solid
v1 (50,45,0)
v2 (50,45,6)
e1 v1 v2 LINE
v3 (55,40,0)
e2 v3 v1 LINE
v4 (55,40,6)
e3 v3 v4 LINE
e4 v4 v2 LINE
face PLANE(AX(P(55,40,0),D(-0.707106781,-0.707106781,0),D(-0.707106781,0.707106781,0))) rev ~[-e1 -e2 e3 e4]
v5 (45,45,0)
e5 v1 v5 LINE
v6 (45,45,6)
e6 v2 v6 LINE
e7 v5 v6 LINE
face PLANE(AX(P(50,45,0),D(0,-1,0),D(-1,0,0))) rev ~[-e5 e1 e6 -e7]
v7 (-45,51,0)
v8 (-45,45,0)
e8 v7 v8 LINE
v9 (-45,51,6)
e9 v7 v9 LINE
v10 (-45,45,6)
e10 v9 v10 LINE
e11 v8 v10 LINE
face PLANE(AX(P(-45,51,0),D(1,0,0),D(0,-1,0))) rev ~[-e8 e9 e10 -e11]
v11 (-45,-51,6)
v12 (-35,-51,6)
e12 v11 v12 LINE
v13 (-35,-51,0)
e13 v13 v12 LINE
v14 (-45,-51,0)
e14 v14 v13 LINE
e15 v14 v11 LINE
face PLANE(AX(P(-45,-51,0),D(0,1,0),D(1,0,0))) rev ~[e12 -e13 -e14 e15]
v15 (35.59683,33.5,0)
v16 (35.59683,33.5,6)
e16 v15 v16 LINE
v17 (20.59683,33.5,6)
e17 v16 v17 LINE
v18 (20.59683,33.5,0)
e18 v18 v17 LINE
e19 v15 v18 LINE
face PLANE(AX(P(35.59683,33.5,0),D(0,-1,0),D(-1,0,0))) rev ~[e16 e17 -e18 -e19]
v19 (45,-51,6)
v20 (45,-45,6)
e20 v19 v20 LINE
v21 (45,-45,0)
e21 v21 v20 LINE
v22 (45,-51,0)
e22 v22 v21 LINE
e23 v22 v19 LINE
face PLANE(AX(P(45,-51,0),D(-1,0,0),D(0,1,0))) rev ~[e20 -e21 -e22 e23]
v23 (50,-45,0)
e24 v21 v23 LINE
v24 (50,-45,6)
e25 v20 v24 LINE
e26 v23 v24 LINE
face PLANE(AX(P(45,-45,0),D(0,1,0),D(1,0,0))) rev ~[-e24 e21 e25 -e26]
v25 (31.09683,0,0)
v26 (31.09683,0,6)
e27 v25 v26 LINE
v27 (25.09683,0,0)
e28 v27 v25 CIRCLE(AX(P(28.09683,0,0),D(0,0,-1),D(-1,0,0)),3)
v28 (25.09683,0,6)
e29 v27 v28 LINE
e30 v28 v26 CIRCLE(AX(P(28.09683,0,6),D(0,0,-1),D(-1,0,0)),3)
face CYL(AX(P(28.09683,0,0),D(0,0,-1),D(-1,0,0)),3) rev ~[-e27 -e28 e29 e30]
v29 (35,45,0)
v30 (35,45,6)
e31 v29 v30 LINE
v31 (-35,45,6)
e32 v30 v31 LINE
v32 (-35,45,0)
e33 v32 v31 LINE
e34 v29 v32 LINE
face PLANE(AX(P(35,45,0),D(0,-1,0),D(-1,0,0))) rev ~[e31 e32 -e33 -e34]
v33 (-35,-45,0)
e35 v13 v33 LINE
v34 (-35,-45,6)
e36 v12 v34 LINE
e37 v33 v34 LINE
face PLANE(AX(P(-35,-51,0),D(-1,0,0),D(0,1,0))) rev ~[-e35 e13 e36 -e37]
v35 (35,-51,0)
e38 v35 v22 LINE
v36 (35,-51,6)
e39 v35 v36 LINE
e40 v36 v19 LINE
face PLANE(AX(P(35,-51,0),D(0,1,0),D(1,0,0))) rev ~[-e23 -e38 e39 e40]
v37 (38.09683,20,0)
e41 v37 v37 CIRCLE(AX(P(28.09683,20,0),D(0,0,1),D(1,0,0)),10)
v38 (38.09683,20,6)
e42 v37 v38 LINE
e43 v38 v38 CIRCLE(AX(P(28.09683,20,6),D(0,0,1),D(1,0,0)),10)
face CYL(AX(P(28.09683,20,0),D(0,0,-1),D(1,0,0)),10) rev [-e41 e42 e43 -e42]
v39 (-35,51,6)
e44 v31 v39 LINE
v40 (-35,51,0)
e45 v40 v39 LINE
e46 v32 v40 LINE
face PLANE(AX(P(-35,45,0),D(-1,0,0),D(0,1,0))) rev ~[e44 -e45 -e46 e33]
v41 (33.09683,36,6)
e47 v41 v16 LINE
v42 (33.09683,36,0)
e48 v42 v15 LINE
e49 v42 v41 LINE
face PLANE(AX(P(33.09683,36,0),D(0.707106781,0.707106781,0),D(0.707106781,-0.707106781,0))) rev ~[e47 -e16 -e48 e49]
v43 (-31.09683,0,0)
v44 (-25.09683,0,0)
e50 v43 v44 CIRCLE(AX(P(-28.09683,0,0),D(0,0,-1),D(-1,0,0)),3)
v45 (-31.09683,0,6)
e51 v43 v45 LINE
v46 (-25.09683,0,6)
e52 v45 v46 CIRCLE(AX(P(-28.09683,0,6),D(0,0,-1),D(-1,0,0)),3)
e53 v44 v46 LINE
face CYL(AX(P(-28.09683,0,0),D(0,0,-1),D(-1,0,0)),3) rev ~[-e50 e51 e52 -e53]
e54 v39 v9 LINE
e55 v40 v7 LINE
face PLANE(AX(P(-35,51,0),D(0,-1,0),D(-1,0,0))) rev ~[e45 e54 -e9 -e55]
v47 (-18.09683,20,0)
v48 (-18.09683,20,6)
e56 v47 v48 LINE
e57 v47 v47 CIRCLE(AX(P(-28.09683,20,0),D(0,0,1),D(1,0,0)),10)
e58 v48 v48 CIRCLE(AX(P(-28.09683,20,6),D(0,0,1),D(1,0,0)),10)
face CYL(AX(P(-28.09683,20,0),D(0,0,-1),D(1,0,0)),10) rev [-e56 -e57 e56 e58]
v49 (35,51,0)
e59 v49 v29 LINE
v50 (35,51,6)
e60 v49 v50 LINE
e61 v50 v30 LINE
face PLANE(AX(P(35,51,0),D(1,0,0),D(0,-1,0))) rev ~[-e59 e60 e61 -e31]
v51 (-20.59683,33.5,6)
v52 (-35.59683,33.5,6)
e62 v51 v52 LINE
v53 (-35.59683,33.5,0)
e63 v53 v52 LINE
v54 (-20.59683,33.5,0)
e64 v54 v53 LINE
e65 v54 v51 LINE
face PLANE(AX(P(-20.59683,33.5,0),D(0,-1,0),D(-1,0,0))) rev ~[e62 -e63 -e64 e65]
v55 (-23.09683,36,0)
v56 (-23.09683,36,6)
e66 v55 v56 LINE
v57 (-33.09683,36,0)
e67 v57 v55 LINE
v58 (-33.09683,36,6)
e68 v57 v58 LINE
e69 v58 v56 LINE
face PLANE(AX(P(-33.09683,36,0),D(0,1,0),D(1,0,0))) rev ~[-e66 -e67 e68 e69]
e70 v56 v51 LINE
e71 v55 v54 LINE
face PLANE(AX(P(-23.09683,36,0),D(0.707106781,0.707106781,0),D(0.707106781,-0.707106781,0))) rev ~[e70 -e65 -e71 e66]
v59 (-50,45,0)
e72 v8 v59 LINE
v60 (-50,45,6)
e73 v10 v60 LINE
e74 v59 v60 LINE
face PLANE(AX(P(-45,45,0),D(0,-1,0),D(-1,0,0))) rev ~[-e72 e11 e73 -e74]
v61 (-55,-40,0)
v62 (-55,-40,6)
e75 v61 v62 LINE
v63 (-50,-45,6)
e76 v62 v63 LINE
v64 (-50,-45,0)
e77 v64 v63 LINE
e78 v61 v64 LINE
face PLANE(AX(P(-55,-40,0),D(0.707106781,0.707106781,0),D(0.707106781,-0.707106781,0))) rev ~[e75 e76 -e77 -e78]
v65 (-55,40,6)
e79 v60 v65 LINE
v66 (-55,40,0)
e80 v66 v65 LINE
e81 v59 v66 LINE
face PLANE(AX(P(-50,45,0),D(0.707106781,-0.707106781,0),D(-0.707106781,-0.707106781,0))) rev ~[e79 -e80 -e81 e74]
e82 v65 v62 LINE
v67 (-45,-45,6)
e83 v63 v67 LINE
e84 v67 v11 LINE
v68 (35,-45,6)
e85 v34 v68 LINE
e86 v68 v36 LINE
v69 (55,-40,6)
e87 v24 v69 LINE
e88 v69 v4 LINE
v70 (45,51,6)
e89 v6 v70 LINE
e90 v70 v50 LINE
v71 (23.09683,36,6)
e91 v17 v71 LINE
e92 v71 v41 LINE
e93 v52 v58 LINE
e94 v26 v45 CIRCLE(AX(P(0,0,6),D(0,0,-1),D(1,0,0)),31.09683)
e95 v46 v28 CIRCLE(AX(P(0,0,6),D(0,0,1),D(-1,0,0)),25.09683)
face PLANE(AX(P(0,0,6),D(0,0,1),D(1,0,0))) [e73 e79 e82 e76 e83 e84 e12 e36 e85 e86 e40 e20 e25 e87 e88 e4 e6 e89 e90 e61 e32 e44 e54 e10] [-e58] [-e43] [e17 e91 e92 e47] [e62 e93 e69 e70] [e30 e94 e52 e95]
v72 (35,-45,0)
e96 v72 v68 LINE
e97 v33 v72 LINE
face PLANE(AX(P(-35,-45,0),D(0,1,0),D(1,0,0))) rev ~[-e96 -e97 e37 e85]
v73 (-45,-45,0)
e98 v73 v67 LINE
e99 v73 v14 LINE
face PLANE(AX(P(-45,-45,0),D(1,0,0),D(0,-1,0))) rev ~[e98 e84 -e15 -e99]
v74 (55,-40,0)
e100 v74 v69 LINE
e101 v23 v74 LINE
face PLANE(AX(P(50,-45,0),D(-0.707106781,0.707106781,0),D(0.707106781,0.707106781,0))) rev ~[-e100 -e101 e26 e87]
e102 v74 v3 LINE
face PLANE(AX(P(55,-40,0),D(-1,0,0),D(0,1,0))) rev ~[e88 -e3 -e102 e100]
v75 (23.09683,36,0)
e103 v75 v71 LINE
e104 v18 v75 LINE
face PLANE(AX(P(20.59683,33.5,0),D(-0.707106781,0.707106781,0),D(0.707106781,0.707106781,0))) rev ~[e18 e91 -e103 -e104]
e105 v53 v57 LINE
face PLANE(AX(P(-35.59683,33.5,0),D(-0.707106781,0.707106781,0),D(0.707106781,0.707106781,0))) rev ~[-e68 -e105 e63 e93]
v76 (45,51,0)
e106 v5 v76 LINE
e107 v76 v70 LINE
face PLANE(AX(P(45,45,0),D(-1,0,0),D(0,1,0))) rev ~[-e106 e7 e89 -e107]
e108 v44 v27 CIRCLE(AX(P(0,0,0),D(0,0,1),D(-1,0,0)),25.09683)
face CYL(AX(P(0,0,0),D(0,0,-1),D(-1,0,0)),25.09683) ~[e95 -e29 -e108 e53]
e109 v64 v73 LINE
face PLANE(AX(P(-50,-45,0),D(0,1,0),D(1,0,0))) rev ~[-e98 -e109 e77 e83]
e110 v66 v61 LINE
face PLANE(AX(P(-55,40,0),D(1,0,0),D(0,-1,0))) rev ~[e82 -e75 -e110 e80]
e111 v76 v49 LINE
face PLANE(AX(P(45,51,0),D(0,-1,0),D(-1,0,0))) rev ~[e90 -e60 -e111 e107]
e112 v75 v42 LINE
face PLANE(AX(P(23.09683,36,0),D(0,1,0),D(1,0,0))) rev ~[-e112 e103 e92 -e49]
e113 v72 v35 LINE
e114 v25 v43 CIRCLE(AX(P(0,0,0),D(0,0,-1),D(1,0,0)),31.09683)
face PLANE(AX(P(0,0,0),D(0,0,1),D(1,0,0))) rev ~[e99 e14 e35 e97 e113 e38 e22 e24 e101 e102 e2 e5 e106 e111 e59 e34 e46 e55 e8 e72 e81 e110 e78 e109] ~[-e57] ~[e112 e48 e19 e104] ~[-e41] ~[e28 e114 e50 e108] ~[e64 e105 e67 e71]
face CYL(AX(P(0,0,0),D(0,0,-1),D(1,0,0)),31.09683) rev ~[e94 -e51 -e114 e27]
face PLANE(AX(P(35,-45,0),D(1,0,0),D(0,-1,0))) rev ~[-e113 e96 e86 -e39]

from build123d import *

# Parameters (mm, degrees)
SKETCH1_R           = 10
BOSS_EXTRUDE2_DEPTH = 6


with BuildPart() as part:
    # Sketch1 → Boss-Extrude2 (new body)
    with BuildSketch(Plane.XY):
        Polygon((-35, 51), (-45, 51), (-45, 45), (-50, 45), (-55, 40), (-55, -40), (-50, -45), (-45, -45), (-45, -51), (-35, -51), (-35, -45), (35, -45), (35, -51), (45, -51), (45, -45), (50, -45), (55, -40), (55, 40), (50, 45), (45, 45), (45, 51), (35, 51), (35, 45), (-35, 45), align=None)
        Polygon((33.096829988, 36), (35.596829988, 33.5), (20.596829988, 33.5), (23.096829988, 36), align=None, mode=Mode.SUBTRACT)
        with BuildLine():
            ThreePointArc((31.096829988, 0), (0, -31.096829988), (-31.096829988, 0))
            ThreePointArc((-31.096829988, 0), (-28.096829988, 3), (-25.096829988, 0))
            ThreePointArc((-25.096829988, 0), (0, -25.096829988), (25.096829988, 0))
            ThreePointArc((25.096829988, 0), (28.096829988, 3), (31.096829988, 0))
        make_face(mode=Mode.SUBTRACT)
        with Locations((-28.096829988, 20)):
            Circle(SKETCH1_R, mode=Mode.SUBTRACT)
        Polygon((-35.596829988, 33.5), (-33.096829988, 36), (-23.096829988, 36), (-20.596829988, 33.5), align=None, mode=Mode.SUBTRACT)
        with Locations((28.096829988, 20)):
            Circle(SKETCH1_R, mode=Mode.SUBTRACT)
    extrude(amount=BOSS_EXTRUDE2_DEPTH)


solid = part.part
